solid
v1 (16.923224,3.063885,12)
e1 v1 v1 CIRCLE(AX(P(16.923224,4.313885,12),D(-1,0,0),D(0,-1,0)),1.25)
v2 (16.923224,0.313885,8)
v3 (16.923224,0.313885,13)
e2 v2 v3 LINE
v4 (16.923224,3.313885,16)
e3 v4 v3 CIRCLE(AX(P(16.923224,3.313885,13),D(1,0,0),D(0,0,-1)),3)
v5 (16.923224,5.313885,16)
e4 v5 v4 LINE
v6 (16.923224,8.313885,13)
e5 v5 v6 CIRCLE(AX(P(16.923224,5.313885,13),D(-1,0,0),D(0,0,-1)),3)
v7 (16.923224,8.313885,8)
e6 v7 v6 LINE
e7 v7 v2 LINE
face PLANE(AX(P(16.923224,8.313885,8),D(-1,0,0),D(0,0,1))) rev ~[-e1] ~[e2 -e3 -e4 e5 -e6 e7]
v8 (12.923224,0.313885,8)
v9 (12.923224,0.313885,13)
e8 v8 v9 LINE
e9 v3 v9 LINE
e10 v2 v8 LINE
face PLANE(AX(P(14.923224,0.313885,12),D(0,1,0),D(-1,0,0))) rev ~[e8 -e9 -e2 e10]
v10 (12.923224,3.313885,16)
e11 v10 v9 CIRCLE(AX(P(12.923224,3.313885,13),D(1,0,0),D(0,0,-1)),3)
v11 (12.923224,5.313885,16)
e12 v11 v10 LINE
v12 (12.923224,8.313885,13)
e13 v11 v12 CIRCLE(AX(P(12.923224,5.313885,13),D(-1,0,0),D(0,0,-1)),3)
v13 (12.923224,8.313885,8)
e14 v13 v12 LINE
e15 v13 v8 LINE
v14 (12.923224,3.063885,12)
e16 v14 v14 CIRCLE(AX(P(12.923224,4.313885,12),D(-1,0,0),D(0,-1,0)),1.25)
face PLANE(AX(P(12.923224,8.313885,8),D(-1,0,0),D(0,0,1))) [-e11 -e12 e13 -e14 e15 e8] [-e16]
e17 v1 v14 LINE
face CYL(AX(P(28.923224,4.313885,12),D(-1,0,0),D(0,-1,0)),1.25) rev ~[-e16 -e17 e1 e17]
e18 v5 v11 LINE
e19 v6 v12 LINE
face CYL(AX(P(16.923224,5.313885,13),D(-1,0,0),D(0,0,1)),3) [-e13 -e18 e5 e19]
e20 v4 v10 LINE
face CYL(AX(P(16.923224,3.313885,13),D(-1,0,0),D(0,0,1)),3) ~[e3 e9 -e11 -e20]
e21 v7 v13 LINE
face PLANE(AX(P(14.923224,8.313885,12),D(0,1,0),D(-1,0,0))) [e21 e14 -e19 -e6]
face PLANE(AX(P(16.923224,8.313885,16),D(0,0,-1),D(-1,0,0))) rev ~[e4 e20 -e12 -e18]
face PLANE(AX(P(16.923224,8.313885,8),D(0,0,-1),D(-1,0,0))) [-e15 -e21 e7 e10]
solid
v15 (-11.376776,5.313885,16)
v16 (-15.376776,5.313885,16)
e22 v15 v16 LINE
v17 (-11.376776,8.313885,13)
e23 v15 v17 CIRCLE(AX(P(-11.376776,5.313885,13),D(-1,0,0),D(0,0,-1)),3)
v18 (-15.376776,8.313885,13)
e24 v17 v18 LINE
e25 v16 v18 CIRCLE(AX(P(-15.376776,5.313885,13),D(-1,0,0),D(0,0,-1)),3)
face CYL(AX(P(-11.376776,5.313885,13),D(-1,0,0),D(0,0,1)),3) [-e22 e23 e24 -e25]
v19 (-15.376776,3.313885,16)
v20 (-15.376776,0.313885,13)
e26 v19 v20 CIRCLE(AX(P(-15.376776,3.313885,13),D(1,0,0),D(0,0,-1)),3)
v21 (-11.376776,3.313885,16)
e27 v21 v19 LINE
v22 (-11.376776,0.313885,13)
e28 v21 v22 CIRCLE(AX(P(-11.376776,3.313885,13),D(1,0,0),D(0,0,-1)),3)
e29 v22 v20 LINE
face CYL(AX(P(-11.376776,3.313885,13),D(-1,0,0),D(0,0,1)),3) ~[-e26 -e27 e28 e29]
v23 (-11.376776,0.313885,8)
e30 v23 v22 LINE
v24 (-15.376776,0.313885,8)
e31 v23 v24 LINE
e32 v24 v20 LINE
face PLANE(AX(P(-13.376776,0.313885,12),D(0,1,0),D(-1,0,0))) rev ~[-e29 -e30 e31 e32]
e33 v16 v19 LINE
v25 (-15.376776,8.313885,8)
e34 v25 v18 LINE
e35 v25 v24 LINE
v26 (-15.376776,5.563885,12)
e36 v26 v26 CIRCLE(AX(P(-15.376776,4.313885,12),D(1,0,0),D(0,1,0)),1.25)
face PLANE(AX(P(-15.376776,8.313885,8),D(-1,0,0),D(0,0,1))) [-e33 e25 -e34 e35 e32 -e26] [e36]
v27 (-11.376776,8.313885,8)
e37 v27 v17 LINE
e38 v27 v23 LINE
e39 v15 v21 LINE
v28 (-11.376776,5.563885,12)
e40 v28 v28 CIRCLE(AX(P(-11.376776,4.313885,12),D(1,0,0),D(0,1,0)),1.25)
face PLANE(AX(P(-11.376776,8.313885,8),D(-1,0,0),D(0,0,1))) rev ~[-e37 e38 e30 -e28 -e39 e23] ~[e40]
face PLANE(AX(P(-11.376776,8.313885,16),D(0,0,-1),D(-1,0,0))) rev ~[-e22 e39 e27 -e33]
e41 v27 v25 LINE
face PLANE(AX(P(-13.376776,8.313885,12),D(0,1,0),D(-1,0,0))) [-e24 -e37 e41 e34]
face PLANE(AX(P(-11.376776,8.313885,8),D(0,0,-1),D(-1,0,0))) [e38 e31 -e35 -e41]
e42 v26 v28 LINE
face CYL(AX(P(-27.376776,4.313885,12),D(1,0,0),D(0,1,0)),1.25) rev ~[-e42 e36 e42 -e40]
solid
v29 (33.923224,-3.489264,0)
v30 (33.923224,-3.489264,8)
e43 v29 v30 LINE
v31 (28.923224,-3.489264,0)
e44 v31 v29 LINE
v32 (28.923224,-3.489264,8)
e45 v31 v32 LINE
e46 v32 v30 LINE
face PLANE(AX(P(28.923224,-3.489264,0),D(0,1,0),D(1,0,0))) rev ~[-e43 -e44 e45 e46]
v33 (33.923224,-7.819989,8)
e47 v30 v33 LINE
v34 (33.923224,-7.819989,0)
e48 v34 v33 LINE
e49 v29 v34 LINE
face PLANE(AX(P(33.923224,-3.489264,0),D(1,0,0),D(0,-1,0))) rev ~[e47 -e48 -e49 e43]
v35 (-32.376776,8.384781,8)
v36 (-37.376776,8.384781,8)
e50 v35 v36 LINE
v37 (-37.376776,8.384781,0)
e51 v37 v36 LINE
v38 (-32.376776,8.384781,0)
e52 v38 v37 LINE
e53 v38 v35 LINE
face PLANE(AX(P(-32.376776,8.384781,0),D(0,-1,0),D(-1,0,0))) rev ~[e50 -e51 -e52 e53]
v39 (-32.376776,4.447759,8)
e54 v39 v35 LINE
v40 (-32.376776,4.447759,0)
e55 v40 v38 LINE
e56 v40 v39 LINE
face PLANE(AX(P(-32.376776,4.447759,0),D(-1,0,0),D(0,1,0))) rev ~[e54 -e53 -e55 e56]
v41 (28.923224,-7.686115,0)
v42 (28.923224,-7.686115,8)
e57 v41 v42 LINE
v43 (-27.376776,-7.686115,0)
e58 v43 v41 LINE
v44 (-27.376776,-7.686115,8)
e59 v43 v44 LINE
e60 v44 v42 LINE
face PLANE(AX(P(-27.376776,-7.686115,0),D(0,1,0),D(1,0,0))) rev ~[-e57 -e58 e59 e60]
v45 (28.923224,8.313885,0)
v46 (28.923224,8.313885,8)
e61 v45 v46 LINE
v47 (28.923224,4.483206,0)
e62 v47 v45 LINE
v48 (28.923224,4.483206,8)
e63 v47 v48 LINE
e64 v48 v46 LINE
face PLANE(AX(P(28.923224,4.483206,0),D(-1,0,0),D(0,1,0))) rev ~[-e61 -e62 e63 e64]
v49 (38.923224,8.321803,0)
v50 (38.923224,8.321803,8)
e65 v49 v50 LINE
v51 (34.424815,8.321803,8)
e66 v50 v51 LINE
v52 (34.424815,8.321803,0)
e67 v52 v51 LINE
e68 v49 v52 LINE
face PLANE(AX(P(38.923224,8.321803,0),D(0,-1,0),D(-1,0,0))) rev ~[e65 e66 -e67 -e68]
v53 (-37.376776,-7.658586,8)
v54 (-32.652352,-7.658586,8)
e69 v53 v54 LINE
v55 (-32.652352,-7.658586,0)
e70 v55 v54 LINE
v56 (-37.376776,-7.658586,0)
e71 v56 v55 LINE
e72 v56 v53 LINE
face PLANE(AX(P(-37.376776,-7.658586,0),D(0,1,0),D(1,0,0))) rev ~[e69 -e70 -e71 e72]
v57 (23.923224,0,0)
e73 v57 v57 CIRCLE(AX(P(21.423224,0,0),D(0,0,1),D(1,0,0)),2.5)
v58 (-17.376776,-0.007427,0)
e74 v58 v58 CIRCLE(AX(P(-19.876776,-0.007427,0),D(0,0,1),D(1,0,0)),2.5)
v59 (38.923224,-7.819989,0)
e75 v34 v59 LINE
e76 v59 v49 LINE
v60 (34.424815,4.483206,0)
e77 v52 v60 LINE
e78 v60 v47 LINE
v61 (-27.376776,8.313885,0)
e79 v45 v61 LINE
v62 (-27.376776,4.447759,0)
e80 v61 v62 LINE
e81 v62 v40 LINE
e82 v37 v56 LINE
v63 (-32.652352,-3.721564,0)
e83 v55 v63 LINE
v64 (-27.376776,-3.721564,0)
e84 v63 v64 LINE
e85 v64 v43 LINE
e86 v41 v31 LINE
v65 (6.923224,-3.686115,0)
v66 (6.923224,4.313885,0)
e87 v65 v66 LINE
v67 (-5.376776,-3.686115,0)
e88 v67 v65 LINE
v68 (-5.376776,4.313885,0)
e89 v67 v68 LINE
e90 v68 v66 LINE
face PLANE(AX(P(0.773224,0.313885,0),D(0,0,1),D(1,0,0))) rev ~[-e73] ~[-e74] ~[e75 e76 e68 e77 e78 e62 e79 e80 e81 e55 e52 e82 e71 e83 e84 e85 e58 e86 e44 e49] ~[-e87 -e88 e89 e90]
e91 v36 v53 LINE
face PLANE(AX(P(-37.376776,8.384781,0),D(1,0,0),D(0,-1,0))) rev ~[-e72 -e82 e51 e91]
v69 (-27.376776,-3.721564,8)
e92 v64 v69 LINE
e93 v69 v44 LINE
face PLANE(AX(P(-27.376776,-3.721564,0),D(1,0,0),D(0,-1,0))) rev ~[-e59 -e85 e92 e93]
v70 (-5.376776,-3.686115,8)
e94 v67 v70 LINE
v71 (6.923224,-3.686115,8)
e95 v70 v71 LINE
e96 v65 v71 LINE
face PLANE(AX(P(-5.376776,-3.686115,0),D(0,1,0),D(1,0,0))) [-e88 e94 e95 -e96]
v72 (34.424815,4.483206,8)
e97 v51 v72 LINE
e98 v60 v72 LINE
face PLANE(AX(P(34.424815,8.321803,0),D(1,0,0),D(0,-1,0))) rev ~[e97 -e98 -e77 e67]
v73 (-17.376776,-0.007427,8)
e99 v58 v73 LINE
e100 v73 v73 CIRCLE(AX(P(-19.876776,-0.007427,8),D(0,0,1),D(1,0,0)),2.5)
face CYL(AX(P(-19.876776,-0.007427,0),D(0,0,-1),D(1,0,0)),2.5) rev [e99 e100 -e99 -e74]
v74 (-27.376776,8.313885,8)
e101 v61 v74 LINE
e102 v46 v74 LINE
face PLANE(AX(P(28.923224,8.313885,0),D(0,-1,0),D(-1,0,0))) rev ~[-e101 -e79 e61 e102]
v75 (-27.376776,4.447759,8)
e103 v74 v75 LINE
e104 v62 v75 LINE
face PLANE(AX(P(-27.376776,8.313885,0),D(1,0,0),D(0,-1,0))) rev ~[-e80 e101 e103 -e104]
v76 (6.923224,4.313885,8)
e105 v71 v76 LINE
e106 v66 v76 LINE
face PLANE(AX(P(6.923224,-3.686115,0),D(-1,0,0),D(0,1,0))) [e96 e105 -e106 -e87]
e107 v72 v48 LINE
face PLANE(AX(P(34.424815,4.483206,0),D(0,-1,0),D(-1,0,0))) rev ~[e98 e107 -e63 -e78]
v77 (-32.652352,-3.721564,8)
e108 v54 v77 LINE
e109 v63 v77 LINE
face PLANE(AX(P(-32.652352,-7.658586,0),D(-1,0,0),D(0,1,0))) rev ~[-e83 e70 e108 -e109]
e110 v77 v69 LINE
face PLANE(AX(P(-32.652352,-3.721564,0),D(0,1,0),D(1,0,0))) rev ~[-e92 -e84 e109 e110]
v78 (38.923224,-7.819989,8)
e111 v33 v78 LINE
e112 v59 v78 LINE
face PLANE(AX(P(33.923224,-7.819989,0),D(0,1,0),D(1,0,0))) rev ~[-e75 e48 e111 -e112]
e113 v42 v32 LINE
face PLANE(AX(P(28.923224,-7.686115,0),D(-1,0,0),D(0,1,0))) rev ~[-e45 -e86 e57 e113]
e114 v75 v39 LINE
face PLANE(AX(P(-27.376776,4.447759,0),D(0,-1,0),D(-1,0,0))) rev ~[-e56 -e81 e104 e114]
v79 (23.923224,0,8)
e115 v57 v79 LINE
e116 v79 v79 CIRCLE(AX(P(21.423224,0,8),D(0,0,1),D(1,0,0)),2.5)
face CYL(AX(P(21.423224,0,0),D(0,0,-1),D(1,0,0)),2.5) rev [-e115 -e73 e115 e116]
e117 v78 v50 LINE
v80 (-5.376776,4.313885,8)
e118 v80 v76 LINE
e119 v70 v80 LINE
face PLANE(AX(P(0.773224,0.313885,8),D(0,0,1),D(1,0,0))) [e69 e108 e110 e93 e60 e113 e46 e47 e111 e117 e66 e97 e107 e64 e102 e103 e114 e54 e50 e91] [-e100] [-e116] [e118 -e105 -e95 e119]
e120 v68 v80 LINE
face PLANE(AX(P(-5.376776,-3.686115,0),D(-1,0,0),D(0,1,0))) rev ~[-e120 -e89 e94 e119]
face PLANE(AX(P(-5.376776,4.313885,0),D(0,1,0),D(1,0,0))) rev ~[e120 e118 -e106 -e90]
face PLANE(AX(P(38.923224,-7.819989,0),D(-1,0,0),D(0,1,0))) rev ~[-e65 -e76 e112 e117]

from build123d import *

# Parameters (mm, degrees)
F0_R     = 2.5
F0_W     = 12.3
F0_H     = 8
F1_DEPTH = 8
F2_W     = 4
F2_H     = 8
F3_DEPTH = 8
F4_R     = 3
F4_2_R   = 3
F6_D     = 2.5
F8_D     = 2.5


with BuildPart() as f1:
    # F0 (on Top) → F1 (new body)
    with BuildSketch(Plane.XY):
        Polygon((28.9232236624, 8.3138846643), (-27.3767763376, 8.3138846643), (-27.3767763376, 4.4477586634), (-27.3767763376, -3.7215636112), (-27.3767763376, -7.6861153357), (28.9232236624, -7.6861153357), (28.9232236624, -3.4892642871), (28.9232236624, 4.4832061976), align=None)
        with Locations((-19.8767763376, -0.0074267669)):
            Circle(F0_R, mode=Mode.SUBTRACT)
        with Locations((21.4232236624, 0)):
            Circle(F0_R, mode=Mode.SUBTRACT)
        with Locations((0.7732236624, 0.3138846643)):
            Rectangle(F0_W, F0_H, mode=Mode.SUBTRACT)
        Polygon((-27.3767763376, -3.7215636112), (-27.3767763376, 4.4477586634), (-32.3767763376, 4.4477586634), (-32.3767763376, 8.3847809583), (-37.3767763376, 8.3847809583), (-37.3767763376, -7.658585906), (-32.6523520052, -7.658585906), (-32.6523520052, -3.7215636112), align=None)
        Polygon((34.4248153269, 4.4832061976), (28.9232236624, 4.4832061976), (28.9232236624, -3.4892642871), (33.9232236624, -3.4892642871), (33.9232236624, -7.8199887648), (38.9232236624, -7.8199887648), (38.9232236624, 8.3218030632), (34.4248153269, 8.3218030632), align=None)
    extrude(amount=F1_DEPTH)


with BuildPart() as f3:
    # F2 (on face) → F3 (new body)
    with BuildSketch(Plane(origin=(0, 8.3138846643, 0), x_dir=(-1, 0, 0), z_dir=(0, 1, 0))):
        with Locations((13.3767763376, 12)):
            Rectangle(F2_W, F2_H)
    extrude(amount=-F3_DEPTH)

    # F4#2
    f4_2_edges = [f3.edges().sort_by_distance(p)[0] for p in [
        (-13.376776, 8.313885, 16),
        (-13.376776, 0.313885, 16),
    ]]
    fillet(f4_2_edges, radius=F4_2_R)

    # F6 (through all)
    with Locations(Plane(origin=(-15.3767763376, 0, 0), x_dir=(0, -1, 0), z_dir=(-1, 0, 0))):
        with Locations((-4.3138846643, 12)):
            Hole(F6_D / 2)


with BuildPart() as f3b:
    # F2 (on face) → F3, piece 2 (new body)
    with BuildSketch(Plane(origin=(0, 8.3138846643, 0), x_dir=(-1, 0, 0), z_dir=(0, 1, 0))):
        with Locations((-14.9232236624, 12)):
            Rectangle(F2_W, F2_H)
    extrude(amount=-F3_DEPTH)

    # F4
    f4_edges = [f3b.edges().sort_by_distance(p)[0] for p in [
        (14.923224, 8.313885, 16),
        (14.923224, 0.313885, 16),
    ]]
    fillet(f4_edges, radius=F4_R)

    # F8 (through all)
    with Locations(Plane.YZ.offset(16.9232236624)):
        with Locations((4.3138846643, 12)):
            Hole(F8_D / 2)


solid = Compound([f1.part, f3.part, f3b.part])
